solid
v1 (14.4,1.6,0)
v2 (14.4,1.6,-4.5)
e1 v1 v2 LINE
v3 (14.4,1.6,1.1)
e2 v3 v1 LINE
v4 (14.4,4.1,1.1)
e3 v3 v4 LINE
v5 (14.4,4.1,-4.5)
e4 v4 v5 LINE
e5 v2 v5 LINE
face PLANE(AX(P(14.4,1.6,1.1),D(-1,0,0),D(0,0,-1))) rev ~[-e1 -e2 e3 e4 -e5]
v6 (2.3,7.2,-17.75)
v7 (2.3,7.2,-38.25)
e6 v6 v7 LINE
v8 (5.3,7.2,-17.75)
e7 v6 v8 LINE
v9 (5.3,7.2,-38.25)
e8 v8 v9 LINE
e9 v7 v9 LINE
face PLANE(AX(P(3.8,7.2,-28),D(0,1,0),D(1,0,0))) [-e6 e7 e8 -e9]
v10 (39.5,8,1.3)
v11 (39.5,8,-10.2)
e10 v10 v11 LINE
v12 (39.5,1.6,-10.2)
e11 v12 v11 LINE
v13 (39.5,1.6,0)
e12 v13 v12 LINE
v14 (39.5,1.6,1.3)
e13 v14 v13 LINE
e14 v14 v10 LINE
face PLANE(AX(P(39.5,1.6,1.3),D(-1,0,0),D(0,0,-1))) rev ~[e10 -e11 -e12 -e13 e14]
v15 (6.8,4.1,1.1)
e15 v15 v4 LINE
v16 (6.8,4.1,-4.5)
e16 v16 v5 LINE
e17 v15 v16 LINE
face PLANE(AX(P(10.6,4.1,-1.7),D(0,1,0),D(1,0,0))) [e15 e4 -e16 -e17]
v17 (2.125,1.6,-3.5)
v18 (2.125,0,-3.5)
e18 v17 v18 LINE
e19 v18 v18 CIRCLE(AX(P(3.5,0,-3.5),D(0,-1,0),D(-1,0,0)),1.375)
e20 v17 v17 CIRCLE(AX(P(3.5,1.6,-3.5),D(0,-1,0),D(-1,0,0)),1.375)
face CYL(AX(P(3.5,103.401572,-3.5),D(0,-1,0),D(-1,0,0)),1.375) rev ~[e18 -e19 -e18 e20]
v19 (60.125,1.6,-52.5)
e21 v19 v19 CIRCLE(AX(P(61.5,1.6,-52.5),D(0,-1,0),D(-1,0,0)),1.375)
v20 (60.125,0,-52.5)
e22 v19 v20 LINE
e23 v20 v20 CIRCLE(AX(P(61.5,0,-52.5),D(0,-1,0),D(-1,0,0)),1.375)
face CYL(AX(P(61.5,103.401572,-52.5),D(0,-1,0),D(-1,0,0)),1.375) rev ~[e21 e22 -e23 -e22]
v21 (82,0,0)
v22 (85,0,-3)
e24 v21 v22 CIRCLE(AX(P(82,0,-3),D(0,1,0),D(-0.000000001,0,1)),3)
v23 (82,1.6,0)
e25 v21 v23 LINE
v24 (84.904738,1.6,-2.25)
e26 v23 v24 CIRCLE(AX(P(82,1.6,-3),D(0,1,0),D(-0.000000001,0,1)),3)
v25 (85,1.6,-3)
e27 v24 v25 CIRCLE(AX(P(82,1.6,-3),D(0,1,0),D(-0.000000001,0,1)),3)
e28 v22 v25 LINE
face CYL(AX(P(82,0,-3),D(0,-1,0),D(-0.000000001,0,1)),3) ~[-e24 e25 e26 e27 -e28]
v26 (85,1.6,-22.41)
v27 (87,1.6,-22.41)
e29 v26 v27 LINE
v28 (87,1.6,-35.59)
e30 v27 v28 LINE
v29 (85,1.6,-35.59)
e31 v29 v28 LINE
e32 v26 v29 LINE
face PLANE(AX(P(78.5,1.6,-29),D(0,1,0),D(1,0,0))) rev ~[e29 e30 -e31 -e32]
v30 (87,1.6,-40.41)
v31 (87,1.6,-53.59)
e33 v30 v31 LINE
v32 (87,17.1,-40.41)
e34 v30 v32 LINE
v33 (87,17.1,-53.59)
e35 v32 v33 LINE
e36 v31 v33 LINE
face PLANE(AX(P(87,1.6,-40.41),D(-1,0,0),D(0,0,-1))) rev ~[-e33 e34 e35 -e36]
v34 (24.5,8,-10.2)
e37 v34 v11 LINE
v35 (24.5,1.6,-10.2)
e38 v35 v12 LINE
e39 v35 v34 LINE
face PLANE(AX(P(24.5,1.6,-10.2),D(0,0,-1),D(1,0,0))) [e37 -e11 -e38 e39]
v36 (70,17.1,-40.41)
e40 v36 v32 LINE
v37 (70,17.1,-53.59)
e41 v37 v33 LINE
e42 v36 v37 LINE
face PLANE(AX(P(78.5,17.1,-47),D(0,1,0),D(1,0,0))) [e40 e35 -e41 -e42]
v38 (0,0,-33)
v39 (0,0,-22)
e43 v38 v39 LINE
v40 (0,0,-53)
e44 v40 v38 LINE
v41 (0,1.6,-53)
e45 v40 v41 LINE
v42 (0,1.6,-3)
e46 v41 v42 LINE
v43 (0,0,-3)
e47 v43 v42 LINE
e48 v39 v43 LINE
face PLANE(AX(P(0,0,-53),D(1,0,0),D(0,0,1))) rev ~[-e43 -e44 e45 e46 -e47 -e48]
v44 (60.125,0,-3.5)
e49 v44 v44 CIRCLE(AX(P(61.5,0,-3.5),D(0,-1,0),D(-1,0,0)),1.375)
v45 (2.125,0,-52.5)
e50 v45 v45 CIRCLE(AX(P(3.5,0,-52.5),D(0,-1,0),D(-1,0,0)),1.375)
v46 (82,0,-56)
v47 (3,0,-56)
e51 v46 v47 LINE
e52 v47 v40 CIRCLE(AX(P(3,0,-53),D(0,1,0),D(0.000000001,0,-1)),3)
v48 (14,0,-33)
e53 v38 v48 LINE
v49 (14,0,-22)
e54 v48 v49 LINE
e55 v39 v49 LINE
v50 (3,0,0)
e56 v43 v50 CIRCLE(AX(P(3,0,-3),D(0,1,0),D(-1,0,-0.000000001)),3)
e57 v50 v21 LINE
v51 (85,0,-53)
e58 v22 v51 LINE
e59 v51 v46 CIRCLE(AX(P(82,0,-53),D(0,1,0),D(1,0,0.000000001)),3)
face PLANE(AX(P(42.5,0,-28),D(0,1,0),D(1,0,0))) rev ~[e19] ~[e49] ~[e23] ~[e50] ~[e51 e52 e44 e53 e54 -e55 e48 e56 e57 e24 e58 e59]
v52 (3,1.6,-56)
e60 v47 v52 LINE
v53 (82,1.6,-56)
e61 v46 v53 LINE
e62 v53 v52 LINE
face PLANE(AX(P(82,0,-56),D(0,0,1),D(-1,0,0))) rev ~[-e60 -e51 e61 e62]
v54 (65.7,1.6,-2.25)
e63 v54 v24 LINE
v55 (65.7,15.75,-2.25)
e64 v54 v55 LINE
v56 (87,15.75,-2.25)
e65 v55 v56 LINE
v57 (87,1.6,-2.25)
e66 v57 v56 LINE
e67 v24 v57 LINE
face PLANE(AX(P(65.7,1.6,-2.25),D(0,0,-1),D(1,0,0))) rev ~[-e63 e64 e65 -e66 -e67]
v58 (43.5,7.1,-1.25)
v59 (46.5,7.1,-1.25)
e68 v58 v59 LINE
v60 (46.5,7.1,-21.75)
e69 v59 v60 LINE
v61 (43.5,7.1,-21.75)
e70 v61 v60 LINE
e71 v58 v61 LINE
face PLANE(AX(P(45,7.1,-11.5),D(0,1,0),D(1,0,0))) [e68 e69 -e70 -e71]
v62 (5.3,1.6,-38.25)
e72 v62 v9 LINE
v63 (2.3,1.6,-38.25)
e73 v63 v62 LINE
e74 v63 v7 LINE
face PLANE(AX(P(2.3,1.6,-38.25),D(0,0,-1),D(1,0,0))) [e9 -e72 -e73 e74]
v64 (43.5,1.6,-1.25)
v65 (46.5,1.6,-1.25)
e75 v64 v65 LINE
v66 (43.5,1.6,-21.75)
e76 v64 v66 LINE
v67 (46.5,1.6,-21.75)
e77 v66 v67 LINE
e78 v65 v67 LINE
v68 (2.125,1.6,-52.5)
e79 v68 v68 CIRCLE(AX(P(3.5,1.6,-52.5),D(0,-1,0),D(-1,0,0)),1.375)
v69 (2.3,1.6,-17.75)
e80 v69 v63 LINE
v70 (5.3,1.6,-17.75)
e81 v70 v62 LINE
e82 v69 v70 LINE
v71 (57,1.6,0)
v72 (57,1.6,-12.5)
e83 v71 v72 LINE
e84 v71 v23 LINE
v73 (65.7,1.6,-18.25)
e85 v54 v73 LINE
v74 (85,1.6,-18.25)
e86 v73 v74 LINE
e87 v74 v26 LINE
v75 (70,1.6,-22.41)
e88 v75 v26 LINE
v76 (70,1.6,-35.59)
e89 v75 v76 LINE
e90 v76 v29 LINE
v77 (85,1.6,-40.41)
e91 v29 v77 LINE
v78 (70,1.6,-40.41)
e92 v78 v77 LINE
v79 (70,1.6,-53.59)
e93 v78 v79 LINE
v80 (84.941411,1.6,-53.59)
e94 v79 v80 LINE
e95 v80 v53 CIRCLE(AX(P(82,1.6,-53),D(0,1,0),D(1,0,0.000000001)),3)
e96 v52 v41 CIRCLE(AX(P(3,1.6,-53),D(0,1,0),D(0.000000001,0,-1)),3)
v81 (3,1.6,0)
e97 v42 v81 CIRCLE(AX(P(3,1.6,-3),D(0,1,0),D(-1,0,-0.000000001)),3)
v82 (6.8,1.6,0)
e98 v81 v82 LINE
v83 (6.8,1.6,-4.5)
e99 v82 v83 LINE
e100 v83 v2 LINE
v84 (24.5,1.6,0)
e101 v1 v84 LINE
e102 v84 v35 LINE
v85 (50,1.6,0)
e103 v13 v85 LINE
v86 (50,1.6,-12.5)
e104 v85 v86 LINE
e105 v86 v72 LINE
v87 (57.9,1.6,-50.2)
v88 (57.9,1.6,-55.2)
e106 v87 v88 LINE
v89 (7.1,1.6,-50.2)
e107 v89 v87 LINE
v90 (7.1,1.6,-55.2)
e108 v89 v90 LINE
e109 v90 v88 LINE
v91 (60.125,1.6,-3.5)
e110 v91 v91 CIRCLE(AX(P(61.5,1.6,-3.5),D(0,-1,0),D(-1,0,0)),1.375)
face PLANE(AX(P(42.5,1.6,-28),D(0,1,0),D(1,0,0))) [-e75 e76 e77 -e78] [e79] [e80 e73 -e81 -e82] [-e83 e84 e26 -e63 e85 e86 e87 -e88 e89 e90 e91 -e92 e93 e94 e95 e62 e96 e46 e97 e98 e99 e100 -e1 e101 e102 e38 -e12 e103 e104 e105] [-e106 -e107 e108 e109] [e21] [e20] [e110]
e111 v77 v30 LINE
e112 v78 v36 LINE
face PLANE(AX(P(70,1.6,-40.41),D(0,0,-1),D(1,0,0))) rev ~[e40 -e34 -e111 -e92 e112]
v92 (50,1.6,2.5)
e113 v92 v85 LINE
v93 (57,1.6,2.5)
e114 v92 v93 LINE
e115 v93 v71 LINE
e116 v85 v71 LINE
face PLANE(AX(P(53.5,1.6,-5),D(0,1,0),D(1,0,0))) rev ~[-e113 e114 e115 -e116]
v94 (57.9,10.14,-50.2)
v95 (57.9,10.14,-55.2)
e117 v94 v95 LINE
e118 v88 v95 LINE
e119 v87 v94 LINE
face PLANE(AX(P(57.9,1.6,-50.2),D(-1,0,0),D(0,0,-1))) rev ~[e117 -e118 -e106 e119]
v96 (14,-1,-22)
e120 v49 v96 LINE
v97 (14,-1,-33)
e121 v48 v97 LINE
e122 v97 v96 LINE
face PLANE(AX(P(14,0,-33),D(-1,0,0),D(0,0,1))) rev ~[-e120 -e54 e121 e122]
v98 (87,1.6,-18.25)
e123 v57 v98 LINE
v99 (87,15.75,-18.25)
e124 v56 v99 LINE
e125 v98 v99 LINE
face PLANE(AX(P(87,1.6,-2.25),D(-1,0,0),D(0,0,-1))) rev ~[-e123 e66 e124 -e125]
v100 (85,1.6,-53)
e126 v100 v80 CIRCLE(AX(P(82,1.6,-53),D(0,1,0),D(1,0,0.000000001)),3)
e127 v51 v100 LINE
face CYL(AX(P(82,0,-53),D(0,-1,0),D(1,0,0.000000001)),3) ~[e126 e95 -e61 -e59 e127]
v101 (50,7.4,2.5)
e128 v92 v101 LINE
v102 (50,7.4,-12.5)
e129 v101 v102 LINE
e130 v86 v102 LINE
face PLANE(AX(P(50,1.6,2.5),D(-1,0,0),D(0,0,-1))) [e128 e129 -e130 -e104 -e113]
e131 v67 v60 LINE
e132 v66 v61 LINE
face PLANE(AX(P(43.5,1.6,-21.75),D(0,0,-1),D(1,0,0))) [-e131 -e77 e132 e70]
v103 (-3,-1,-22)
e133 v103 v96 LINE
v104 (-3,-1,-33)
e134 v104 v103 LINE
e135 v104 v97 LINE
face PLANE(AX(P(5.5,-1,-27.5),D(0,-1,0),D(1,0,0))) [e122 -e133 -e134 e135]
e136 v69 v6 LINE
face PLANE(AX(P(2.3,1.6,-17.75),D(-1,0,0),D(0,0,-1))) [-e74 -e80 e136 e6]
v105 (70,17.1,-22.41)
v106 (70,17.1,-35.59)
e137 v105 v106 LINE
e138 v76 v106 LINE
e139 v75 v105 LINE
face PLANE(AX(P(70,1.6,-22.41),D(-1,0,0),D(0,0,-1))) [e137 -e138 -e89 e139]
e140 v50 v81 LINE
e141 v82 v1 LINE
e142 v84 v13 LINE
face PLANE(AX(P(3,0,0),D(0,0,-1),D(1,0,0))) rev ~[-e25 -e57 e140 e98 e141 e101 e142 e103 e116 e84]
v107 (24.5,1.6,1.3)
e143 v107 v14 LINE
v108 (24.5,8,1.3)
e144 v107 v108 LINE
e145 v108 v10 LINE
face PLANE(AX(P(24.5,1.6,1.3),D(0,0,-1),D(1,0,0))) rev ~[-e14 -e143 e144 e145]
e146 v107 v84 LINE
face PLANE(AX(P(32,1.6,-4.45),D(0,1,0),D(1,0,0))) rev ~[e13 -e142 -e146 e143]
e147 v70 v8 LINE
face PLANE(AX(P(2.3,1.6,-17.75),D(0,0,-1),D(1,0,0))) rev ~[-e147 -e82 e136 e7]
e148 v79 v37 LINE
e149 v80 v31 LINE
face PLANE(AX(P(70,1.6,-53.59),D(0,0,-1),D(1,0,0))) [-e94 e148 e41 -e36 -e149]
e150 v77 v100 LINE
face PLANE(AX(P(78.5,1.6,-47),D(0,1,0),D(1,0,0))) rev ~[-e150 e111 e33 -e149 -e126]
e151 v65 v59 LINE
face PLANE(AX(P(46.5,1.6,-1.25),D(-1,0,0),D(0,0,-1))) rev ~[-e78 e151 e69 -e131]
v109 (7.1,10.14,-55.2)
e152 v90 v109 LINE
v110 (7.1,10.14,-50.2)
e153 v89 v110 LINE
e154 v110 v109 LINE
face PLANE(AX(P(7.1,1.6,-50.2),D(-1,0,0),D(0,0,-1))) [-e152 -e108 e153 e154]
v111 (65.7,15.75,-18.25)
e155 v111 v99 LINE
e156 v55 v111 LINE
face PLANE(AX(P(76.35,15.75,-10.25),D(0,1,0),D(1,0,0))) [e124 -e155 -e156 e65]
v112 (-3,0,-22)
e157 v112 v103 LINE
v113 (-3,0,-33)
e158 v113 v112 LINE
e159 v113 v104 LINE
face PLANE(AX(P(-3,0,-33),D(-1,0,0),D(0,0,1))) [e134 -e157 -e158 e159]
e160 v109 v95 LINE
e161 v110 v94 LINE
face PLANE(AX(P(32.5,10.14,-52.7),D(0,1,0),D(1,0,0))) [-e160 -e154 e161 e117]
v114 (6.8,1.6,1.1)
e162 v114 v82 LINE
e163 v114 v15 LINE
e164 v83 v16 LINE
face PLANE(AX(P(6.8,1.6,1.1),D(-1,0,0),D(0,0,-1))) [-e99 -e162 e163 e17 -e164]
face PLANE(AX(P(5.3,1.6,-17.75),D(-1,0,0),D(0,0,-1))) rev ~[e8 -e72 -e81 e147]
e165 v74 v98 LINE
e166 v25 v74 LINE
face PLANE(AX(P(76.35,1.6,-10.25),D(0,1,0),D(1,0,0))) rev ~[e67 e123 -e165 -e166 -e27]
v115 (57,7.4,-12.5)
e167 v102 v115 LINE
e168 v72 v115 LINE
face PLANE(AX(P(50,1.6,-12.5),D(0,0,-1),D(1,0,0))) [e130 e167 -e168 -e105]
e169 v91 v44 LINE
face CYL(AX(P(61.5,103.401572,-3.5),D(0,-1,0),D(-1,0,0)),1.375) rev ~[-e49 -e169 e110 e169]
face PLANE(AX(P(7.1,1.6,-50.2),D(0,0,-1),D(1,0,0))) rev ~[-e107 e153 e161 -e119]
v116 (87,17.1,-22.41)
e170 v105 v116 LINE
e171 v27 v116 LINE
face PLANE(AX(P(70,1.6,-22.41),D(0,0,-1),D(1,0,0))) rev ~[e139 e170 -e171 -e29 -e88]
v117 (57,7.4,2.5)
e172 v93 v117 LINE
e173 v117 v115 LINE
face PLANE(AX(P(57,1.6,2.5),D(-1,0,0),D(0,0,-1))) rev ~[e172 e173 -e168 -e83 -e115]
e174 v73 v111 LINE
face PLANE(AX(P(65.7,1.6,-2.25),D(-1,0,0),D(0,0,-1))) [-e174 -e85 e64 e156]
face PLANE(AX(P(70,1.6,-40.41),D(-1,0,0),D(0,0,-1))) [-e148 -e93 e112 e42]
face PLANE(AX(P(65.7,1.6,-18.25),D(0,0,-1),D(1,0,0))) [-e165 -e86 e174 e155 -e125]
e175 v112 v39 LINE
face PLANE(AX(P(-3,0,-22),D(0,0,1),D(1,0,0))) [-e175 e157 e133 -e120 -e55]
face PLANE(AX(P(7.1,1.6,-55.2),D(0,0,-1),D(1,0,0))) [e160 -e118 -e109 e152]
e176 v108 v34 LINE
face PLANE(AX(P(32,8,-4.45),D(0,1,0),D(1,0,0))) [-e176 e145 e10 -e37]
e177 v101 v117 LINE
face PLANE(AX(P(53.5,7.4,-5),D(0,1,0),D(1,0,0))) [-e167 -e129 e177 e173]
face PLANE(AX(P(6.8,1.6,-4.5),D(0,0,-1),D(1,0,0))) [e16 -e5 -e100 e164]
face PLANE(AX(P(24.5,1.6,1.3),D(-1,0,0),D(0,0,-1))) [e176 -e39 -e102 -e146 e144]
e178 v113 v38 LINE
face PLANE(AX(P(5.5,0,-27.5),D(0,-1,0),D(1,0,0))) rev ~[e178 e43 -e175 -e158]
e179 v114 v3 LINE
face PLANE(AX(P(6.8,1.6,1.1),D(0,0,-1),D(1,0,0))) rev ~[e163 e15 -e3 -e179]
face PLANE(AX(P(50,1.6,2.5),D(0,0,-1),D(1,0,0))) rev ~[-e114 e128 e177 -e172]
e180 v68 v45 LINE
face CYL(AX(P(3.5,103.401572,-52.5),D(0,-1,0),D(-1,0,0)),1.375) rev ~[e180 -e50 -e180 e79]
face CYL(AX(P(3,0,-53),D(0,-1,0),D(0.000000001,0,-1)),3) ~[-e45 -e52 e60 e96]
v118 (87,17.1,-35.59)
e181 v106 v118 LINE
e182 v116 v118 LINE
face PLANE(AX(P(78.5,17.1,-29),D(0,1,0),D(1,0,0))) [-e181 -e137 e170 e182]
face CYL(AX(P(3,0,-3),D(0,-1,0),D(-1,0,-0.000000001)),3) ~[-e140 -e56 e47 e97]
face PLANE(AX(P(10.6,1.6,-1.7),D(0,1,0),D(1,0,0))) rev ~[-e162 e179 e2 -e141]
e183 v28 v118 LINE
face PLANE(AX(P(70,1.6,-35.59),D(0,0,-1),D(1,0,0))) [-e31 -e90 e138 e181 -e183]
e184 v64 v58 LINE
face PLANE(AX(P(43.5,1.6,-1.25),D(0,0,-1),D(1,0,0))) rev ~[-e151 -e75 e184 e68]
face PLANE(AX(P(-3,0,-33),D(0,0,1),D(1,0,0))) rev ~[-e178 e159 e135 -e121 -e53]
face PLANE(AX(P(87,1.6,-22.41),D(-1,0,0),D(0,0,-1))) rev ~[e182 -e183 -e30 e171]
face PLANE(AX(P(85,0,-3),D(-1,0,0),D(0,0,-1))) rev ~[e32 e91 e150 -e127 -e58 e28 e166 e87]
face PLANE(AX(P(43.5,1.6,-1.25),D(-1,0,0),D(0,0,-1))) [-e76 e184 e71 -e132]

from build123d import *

# Parameters (mm, degrees)
PCB_DEPTH              = 1.6
MOUNT_HOLES_D          = 2.75
SKETCH5_W              = 17
SKETCH5_H              = 13.18
USB_HOST_DEPTH         = 15.5
SKETCH6_W              = 21.3
SKETCH6_H              = 16
ETHERNET_DEPTH         = 14.15
SKETCH7_W              = 3
SKETCH7_H              = 20.5
CAMERA_CONNECTOR_DEPTH = 5.5
SKETCH9_W              = 15
SKETCH9_H              = 11.5
HDMI_DEPTH             = 6.4
SKETCH10_W             = 7
SKETCH10_H             = 15
AV_DEPTH               = 5.8
SKETCH12_W             = 7.6
SKETCH12_H             = 5.6
USB_MICRO_DEPTH        = 2.5
SKETCH13_W             = 3
SKETCH13_H             = 20.5
DISPLAY_DEPTH          = 5.6
SKETCH14_W             = 50.8
SKETCH14_H             = 5
GPIO_DEPTH             = 8.54
SKETCH15_W             = 17
SKETCH15_H             = 11
USD_CARD_DEPTH         = 1


with BuildPart() as part:
    # Sketch2 → PCB (new body)
    with BuildSketch(Plane(origin=(0, 0, 0), x_dir=(1, 0, 0), z_dir=(0, 1, 0))):
        with BuildLine():
            Line((3, 0), (82, 0))
            ThreePointArc((82, 0), (84.121320344, 0.878679656), (85, 3))
            Line((85, 3), (85, 53))
            ThreePointArc((85, 53), (84.121320344, 55.121320344), (82, 56))
            Line((82, 56), (3, 56))
            ThreePointArc((3, 56), (0.878679656, 55.121320344), (0, 53))
            Line((0, 53), (0, 3))
            ThreePointArc((0, 3), (0.878679656, 0.878679656), (3, 0))
        make_face()
    extrude(amount=PCB_DEPTH)

    # Mount Holes (through all)
    with Locations(Plane(origin=(0, 1.6, 0), x_dir=(1, 0, 0), z_dir=(0, 1, 0))):
        with Locations((3.5, 3.5), (3.5, 52.5), (61.5, 52.5), (61.5, 3.5)):
            Hole(MOUNT_HOLES_D / 2)

    # Sketch5 → USB Host (add)
    with BuildSketch(Plane(origin=(0, 1.6, 0), x_dir=(1, 0, 0), z_dir=(0, 1, 0))):
        with Locations((78.5, 47)):
            Rectangle(SKETCH5_W, SKETCH5_H)
        with Locations((78.5, 29)):
            Rectangle(SKETCH5_W, SKETCH5_H)
    extrude(amount=USB_HOST_DEPTH)

    # Sketch6 → Ethernet (add)
    with BuildSketch(Plane(origin=(0, 1.6, 0), x_dir=(1, 0, 0), z_dir=(0, 1, 0))):
        with Locations((76.35, 10.25)):
            Rectangle(SKETCH6_W, SKETCH6_H)
    extrude(amount=ETHERNET_DEPTH)

    # Sketch7 → Camera Connector (add)
    with BuildSketch(Plane(origin=(0, 1.6, 0), x_dir=(1, 0, 0), z_dir=(0, 1, 0))):
        with Locations((45, 11.5)):
            Rectangle(SKETCH7_W, SKETCH7_H)
    extrude(amount=CAMERA_CONNECTOR_DEPTH)

    # Sketch9 → HDMI (add)
    with BuildSketch(Plane(origin=(0, 1.6, 0), x_dir=(1, 0, 0), z_dir=(0, 1, 0))):
        with Locations((32, 4.45)):
            Rectangle(SKETCH9_W, SKETCH9_H)
    extrude(amount=HDMI_DEPTH)

    # Sketch10 → AV (add)
    with BuildSketch(Plane(origin=(0, 1.6, 0), x_dir=(1, 0, 0), z_dir=(0, 1, 0))):
        with Locations((53.5, 5)):
            Rectangle(SKETCH10_W, SKETCH10_H)
    extrude(amount=AV_DEPTH)

    # Sketch12 → USB-Micro (add)
    with BuildSketch(Plane(origin=(0, 1.6, 0), x_dir=(1, 0, 0), z_dir=(0, 1, 0))):
        with Locations((10.6, 1.7)):
            Rectangle(SKETCH12_W, SKETCH12_H)
    extrude(amount=USB_MICRO_DEPTH)

    # Sketch13 → Display (add)
    with BuildSketch(Plane(origin=(0, 1.6, 0), x_dir=(1, 0, 0), z_dir=(0, 1, 0))):
        with Locations((3.8, 28)):
            Rectangle(SKETCH13_W, SKETCH13_H)
    extrude(amount=DISPLAY_DEPTH)

    # Sketch14 → GPIO (add)
    with BuildSketch(Plane(origin=(0, 1.6, 0), x_dir=(1, 0, 0), z_dir=(0, 1, 0))):
        with Locations((32.5, 52.7)):
            Rectangle(SKETCH14_W, SKETCH14_H)
    extrude(amount=GPIO_DEPTH)

    # Sketch15 → uSD Card (add)
    with BuildSketch(Plane.XZ):
        with Locations((5.5, -27.5)):
            Rectangle(SKETCH15_W, SKETCH15_H)
    extrude(amount=USD_CARD_DEPTH)


solid = part.part
